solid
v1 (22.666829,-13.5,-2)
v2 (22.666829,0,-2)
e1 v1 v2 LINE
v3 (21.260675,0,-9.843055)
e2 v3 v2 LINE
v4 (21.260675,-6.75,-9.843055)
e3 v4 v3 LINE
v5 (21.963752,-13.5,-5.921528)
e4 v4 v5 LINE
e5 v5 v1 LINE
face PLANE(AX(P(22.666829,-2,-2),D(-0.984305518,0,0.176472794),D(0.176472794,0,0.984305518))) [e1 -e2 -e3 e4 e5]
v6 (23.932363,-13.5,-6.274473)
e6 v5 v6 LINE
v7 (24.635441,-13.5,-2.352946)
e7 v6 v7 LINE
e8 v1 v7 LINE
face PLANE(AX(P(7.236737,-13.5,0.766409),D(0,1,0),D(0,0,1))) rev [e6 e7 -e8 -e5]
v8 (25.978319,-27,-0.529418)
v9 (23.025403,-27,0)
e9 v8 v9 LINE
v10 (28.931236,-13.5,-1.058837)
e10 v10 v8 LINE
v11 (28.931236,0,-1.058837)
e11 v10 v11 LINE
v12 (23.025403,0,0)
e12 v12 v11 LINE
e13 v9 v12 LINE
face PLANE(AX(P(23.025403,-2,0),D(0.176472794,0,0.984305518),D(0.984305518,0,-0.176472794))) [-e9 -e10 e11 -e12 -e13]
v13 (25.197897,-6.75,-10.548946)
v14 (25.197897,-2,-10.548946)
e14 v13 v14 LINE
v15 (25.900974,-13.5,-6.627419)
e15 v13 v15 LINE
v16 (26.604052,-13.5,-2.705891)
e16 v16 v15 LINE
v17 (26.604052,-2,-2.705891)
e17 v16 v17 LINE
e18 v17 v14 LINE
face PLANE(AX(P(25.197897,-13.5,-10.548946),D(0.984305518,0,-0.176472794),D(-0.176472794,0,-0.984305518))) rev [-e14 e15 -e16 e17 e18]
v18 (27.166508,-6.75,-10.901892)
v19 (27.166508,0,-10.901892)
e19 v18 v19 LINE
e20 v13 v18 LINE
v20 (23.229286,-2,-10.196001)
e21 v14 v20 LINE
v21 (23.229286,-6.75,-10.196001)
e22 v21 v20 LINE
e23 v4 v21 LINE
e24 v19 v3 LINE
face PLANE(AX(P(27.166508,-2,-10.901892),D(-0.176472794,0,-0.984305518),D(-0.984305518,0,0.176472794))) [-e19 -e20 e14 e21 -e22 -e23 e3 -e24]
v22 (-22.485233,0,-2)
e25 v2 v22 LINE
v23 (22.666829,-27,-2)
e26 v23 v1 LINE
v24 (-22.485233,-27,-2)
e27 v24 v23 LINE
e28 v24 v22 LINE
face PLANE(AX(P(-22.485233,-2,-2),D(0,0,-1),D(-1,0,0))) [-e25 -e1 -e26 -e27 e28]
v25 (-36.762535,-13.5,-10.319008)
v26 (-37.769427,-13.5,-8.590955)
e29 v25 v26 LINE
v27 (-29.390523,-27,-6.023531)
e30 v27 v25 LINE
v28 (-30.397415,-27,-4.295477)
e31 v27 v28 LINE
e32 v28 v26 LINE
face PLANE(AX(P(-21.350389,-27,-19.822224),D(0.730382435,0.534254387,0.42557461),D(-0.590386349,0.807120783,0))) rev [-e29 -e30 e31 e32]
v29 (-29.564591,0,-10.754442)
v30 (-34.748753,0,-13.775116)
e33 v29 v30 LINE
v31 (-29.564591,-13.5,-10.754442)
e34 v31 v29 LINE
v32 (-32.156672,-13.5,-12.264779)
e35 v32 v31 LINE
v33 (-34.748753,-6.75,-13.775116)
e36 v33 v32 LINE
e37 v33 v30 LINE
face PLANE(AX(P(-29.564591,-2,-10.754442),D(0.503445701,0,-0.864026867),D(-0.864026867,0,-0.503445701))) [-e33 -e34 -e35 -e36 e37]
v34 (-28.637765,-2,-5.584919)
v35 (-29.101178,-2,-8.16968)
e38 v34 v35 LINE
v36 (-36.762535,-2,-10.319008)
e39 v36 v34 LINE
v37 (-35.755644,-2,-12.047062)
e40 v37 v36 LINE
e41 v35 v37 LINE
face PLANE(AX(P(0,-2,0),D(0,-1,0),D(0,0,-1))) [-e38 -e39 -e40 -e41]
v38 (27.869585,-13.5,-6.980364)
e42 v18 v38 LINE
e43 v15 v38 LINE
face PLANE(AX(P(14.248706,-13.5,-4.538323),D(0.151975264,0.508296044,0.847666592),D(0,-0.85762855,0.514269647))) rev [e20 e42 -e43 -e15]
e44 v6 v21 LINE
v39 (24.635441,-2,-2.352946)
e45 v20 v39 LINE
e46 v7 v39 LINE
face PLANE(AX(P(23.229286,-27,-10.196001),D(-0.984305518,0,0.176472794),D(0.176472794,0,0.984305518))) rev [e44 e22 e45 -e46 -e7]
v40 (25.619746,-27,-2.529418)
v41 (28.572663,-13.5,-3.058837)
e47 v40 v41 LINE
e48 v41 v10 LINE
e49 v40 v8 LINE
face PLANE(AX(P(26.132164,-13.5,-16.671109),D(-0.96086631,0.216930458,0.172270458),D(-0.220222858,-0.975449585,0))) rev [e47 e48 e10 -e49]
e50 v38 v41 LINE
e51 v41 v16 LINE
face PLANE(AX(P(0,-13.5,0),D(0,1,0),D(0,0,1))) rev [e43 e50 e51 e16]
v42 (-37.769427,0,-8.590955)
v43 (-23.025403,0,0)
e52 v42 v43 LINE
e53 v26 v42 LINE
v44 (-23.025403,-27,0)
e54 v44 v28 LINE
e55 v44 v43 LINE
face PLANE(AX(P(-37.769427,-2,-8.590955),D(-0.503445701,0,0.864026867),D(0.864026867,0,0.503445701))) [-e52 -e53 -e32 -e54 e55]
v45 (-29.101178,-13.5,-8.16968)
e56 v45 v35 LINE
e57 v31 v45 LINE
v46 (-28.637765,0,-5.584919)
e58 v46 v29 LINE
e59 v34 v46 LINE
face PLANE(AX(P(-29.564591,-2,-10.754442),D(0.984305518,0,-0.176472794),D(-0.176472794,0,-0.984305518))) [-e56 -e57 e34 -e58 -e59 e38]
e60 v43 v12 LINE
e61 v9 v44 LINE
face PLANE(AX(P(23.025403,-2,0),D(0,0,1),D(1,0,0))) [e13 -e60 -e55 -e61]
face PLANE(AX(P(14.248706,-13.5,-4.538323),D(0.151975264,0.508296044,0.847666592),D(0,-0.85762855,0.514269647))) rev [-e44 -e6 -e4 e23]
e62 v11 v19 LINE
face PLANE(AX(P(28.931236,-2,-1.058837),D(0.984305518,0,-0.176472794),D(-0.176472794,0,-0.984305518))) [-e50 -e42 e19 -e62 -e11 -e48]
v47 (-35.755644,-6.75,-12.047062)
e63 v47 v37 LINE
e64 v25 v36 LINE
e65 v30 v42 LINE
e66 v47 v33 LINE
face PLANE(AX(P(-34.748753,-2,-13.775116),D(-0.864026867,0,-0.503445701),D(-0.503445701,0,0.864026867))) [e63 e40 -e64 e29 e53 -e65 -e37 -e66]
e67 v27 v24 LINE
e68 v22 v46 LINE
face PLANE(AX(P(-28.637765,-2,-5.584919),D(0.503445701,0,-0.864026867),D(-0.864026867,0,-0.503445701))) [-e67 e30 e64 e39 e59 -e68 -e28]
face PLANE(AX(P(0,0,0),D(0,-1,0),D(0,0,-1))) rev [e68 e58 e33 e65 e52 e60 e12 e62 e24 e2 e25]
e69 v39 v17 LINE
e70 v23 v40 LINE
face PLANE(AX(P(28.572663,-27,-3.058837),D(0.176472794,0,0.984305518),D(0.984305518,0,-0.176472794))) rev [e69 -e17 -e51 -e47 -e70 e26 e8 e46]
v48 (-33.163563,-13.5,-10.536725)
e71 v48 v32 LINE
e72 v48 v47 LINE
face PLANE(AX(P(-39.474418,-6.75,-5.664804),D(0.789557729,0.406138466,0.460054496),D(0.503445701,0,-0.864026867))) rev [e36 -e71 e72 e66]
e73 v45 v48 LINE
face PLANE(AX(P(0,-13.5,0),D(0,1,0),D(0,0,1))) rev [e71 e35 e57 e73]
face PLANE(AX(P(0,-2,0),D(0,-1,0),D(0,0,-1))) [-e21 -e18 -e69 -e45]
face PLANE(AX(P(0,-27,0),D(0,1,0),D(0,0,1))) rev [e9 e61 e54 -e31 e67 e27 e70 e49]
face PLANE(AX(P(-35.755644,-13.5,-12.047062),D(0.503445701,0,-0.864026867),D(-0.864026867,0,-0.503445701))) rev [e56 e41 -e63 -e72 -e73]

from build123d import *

# Parameters (mm, degrees)
BOSS_EXTRUDE1_DEPTH = 2
BOSS_EXTRUDE2_DEPTH = 25
BOSS_EXTRUDE3_DEPTH = 11.5
CUT_EXTRUDE2_DEPTH  = 2
CUT_EXTRUDE3_DEPTH  = 2.03188945
SKETCH8_W           = 7.96811055
SKETCH8_H           = 13.5
CUT_EXTRUDE4_DEPTH  = 2
CUT_EXTRUDE5_REACH  = 73.825
CUT_EXTRUDE6_DEPTH  = 2


with BuildPart() as part:
    # Sketch2 → Boss-Extrude1 (new body)
    with BuildSketch(Plane(origin=(0, 0, 0), x_dir=(1, 0, 0), z_dir=(0, 1, 0))):
        Polygon((-22.485232694, 2), (22.666829492, 2), (21.260674764, 9.843055182), (27.166507873, 10.901891943), (28.931235809, 1.058836761), (23.0254027, 0), (-23.0254027, 0), (-37.76942689, 8.590954614), (-34.748752683, 13.775115813), (-29.564591484, 10.754441606), (-28.637765281, 5.584918712), align=None)
    extrude(amount=-BOSS_EXTRUDE1_DEPTH)

    # Sketch3 → Boss-Extrude2 (add)
    with BuildSketch(Plane.XZ.offset(2)):
        Polygon((-37.76942689, -8.590954614), (-23.0254027, 0), (23.0254027, 0), (28.931235809, -1.058836761), (28.572662601, -3.058836759), (24.635440529, -2.352945585), (23.229285801, -10.196000769), (21.260674764, -9.843055182), (22.666829492, -2), (-22.485232694, -2), (-28.637765281, -5.584918712), (-36.762535488, -10.319008347), align=None)
    extrude(amount=BOSS_EXTRUDE2_DEPTH)

    # Sketch4 → Boss-Extrude3 (add)
    with BuildSketch(Plane.XZ.offset(2)):
        Polygon((25.197896837, -10.548946356), (26.604051565, -2.705891172), (28.572662601, -3.058836759), (27.166507873, -10.901891943), align=None)
        Polygon((-34.748752683, -13.775115813), (-35.755644085, -12.04706208), (-29.101178382, -8.169680159), (-29.564591484, -10.754441606), align=None)
    extrude(amount=BOSS_EXTRUDE3_DEPTH)

    # Sketch5 → Cut-Extrude2 (cut)
    with BuildSketch(Plane(origin=(-5.835962708, 0, 10.015834002), x_dir=(0.8640268665049071, 0, 0.5034457011016299), z_dir=(-0.5034457011016299, 0, 0.8640268665049071))):
        Polygon((-28.426722639, -27), (-36.958878734, -13.5), (-36.958878734, -27), align=None)
    extrude(amount=-CUT_EXTRUDE2_DEPTH, mode=Mode.SUBTRACT)

    # Sketch6 → Cut-Extrude3 (cut)
    with BuildSketch(Plane(origin=(0.717071985, 0, 3.999584852), x_dir=(0.9843055181910936, 0, -0.1764727935364628), z_dir=(0.1764727935364628, 0, 0.9843055181910936))):
        Polygon((25.664030936, -27), (28.664030936, -27), (28.664030936, -13.5), align=None)
    extrude(amount=-CUT_EXTRUDE3_DEPTH, mode=Mode.SUBTRACT)

    # Sketch8 → Cut-Extrude4 (cut)
    with BuildSketch(Plane(origin=(24.276941751, 0, -4.352530439), x_dir=(-0.17647279353646367, 0, -0.9843055181910934), z_dir=(0.9843055181910934, 0, -0.17647279353646367))):
        with Locations((1.952587588, -20.25)):
            Rectangle(SKETCH8_W, SKETCH8_H)
    extrude(amount=-CUT_EXTRUDE4_DEPTH, mode=Mode.SUBTRACT)

    # Cut-Extrude5: up to this face of the body (flat: up to its plane)
    cut_extrude5_end = Plane(part.part.faces().sort_by_distance((21.963752128, -6.75, -5.921527591))[0])
    # Sketch9 → Cut-Extrude5 (cut, up to the picked face)
    with BuildSketch(Plane(origin=(28.214163824, 0, -5.058421613), x_dir=(-0.17647279353646197, 0, -0.9843055181910936), z_dir=(0.9843055181910936, 0, -0.17647279353646197)), mode=Mode.PRIVATE) as cut_extrude5_sk1:
        Polygon((1.952587588, -13.5), (5.936642863, -6.75), (5.936642863, -13.5), align=None)
    cut_extrude5_tool1 = split(extrude(cut_extrude5_sk1.sketch, amount=-CUT_EXTRUDE5_REACH, mode=Mode.PRIVATE), bisect_by=cut_extrude5_end, keep=Keep.BOTH, mode=Mode.PRIVATE)
    add(cut_extrude5_tool1.solids().sort_by(Axis((27.400867, -11.25, -9.594716), (-0.9843055181910936, 0, 0.17647279353646197)))[0], mode=Mode.SUBTRACT)

    # Sketch10 → Cut-Extrude6 (cut)
    with BuildSketch(Plane(origin=(-2.815288501, 0, 4.831672803), x_dir=(-0.8640268665049072, 0, -0.5034457011016296), z_dir=(0.5034457011016296, 0, -0.8640268665049072))):
        Polygon((36.958878734, -6.75), (33.958878734, -13.5), (36.958878734, -13.5), align=None)
    extrude(amount=-CUT_EXTRUDE6_DEPTH, mode=Mode.SUBTRACT)


solid = part.part
